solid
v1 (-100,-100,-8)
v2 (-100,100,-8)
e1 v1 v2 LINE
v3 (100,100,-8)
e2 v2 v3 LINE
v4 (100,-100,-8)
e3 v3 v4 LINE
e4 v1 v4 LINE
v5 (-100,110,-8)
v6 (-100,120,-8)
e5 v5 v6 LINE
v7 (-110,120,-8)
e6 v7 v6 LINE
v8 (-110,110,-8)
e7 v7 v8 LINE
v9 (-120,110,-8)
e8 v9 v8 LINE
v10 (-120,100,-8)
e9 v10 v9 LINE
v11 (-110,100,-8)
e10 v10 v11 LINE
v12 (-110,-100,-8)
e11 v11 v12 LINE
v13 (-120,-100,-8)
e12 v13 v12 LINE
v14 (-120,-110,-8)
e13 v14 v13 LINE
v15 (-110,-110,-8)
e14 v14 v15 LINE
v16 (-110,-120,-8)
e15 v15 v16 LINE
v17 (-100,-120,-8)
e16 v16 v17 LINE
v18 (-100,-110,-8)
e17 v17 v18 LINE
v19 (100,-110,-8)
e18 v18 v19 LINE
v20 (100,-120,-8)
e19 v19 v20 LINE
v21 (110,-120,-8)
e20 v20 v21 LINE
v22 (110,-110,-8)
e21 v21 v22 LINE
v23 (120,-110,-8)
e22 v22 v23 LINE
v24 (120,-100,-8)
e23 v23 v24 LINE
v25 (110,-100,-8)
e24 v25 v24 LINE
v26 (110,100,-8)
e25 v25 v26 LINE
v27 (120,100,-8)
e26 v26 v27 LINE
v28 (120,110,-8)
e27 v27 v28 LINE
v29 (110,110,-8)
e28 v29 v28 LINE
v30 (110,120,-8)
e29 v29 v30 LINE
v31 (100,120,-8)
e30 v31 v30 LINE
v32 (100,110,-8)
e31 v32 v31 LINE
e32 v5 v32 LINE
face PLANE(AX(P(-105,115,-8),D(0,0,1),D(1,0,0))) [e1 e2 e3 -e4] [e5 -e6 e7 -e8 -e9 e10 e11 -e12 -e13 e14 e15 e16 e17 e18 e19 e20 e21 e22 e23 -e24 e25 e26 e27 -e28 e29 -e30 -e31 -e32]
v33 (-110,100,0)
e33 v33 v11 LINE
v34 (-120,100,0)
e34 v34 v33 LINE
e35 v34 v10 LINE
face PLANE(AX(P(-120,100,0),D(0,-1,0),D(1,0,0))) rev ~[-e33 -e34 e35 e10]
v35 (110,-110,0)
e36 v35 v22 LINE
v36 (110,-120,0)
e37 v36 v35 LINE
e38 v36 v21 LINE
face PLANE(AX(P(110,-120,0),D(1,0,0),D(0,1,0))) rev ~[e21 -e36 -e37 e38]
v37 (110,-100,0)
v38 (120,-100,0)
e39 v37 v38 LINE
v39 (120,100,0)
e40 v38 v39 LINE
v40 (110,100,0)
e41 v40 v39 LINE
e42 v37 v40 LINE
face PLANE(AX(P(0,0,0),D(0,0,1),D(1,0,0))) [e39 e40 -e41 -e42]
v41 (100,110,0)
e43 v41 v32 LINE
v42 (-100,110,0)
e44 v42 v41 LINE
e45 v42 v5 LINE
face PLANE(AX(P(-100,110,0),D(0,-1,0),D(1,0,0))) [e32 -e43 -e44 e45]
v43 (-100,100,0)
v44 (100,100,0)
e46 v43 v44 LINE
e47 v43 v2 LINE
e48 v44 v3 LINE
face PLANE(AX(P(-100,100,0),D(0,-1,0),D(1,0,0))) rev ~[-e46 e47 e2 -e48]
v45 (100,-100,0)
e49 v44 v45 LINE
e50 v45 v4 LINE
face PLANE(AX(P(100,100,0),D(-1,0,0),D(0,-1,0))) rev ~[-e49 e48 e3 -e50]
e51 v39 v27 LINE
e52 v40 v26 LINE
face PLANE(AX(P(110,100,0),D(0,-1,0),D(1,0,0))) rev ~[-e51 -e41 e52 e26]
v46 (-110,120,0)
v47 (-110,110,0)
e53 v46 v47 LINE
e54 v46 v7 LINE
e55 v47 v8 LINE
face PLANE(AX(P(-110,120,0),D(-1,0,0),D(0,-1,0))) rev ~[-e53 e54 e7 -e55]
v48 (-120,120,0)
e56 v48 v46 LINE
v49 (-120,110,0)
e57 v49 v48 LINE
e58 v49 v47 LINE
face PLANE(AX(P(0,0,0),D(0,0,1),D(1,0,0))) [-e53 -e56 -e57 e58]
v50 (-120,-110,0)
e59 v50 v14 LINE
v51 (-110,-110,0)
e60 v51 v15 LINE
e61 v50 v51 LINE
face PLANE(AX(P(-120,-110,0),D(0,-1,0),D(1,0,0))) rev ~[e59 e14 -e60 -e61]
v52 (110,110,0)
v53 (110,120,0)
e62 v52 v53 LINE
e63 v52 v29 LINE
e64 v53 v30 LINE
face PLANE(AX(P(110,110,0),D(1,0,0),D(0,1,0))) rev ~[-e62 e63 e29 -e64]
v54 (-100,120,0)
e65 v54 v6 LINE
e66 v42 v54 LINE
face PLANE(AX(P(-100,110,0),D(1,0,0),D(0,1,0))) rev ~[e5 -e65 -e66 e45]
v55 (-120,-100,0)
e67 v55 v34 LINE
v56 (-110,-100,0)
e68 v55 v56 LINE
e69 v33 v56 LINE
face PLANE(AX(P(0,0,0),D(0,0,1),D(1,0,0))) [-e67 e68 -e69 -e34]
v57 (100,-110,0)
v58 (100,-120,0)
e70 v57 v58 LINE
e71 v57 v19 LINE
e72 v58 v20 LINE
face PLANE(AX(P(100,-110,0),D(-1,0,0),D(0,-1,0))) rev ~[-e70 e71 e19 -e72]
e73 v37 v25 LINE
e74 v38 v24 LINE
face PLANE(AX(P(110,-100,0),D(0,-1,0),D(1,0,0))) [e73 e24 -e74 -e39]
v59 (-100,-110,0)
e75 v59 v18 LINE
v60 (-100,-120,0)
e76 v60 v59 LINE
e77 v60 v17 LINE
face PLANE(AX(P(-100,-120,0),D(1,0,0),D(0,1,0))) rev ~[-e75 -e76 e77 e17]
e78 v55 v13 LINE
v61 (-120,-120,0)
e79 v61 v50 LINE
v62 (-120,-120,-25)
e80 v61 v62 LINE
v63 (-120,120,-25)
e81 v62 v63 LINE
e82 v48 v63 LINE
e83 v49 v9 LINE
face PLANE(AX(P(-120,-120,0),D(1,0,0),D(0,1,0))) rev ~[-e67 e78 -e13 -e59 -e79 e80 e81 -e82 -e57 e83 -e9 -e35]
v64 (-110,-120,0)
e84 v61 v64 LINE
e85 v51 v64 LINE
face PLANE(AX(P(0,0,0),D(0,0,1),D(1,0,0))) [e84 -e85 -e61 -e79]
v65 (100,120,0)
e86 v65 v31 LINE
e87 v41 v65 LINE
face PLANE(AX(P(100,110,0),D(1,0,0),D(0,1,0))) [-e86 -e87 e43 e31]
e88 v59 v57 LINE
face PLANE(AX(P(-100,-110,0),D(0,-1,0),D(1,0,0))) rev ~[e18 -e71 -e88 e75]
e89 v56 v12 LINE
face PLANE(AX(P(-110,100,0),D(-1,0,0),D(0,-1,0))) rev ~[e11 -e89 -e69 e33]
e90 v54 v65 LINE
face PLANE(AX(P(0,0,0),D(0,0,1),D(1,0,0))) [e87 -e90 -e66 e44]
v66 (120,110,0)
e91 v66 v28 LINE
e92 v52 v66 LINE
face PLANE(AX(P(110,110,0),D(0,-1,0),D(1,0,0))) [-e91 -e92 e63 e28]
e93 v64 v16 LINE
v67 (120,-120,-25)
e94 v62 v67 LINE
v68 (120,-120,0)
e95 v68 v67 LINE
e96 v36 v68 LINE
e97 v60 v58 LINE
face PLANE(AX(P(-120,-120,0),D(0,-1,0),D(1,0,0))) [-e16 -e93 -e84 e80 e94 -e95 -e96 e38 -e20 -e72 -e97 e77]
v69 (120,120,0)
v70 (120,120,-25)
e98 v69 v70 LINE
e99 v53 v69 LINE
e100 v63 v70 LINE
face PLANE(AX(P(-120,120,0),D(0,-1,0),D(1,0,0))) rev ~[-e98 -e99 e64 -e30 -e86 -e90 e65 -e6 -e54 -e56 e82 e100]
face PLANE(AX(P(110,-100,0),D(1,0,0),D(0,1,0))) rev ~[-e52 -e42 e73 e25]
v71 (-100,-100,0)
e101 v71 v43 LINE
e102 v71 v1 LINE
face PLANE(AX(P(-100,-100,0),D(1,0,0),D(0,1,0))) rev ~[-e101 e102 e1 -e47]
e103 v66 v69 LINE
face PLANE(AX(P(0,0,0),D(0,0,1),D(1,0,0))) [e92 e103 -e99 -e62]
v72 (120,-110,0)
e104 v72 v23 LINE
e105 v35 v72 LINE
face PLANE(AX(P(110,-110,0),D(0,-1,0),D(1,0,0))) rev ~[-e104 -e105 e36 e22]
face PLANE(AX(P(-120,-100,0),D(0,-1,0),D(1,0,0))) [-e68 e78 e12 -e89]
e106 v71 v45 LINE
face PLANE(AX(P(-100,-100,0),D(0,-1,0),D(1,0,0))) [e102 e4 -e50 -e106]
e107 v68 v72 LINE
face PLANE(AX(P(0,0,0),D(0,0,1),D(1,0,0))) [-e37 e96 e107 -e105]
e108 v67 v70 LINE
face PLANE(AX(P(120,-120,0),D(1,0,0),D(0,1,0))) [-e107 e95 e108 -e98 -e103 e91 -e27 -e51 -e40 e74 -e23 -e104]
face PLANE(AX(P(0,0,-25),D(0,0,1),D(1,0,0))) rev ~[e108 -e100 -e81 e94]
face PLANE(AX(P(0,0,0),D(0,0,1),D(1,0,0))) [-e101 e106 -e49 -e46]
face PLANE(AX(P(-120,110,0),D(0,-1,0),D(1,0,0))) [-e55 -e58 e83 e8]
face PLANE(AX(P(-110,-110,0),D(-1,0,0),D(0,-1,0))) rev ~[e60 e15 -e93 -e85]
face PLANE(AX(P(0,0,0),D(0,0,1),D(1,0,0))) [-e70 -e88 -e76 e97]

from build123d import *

# Parameters (mm, degrees)
F0_W     = 240
F0_H     = 240
F1_DEPTH = 25
F2_W     = 10
F2_H     = 10
F2_H_2   = 200
F2_W_2   = 200
F3_DEPTH = 8


with BuildPart() as f1:
    # F0 (on Top) → F1 (new body)
    with BuildSketch(Plane.XY):
        Rectangle(F0_W, F0_H)
    extrude(amount=-F1_DEPTH)

    # F2 (on face) → F3 (cut)
    with BuildSketch(Plane.XY):
        with Locations((-105, 115)):
            Rectangle(F2_W, F2_H)
        with Locations((-105, 105)):
            Rectangle(F2_W, F2_H)
        with Locations((-115, 105)):
            Rectangle(F2_W, F2_H)
        with Locations((-105, 0)):
            Rectangle(F2_W, F2_H_2)
        with Locations((0, 105)):
            Rectangle(F2_W_2, F2_H)
        with Locations((105, 115)):
            Rectangle(F2_W, F2_H)
        with Locations((115, 105)):
            Rectangle(F2_W, F2_H)
        with Locations((105, 105)):
            Rectangle(F2_W, F2_H)
        with Locations((105, 0)):
            Rectangle(F2_W, F2_H_2)
        with Locations((105, -115)):
            Rectangle(F2_W, F2_H)
        with Locations((105, -105)):
            Rectangle(F2_W, F2_H)
        with Locations((115, -105)):
            Rectangle(F2_W, F2_H)
        with Locations((0, -105)):
            Rectangle(F2_W_2, F2_H)
        with Locations((-105, -105)):
            Rectangle(F2_W, F2_H)
        with Locations((-105, -115)):
            Rectangle(F2_W, F2_H)
        with Locations((-115, -105)):
            Rectangle(F2_W, F2_H)
    extrude(amount=-F3_DEPTH, mode=Mode.SUBTRACT)


solid = f1.part
